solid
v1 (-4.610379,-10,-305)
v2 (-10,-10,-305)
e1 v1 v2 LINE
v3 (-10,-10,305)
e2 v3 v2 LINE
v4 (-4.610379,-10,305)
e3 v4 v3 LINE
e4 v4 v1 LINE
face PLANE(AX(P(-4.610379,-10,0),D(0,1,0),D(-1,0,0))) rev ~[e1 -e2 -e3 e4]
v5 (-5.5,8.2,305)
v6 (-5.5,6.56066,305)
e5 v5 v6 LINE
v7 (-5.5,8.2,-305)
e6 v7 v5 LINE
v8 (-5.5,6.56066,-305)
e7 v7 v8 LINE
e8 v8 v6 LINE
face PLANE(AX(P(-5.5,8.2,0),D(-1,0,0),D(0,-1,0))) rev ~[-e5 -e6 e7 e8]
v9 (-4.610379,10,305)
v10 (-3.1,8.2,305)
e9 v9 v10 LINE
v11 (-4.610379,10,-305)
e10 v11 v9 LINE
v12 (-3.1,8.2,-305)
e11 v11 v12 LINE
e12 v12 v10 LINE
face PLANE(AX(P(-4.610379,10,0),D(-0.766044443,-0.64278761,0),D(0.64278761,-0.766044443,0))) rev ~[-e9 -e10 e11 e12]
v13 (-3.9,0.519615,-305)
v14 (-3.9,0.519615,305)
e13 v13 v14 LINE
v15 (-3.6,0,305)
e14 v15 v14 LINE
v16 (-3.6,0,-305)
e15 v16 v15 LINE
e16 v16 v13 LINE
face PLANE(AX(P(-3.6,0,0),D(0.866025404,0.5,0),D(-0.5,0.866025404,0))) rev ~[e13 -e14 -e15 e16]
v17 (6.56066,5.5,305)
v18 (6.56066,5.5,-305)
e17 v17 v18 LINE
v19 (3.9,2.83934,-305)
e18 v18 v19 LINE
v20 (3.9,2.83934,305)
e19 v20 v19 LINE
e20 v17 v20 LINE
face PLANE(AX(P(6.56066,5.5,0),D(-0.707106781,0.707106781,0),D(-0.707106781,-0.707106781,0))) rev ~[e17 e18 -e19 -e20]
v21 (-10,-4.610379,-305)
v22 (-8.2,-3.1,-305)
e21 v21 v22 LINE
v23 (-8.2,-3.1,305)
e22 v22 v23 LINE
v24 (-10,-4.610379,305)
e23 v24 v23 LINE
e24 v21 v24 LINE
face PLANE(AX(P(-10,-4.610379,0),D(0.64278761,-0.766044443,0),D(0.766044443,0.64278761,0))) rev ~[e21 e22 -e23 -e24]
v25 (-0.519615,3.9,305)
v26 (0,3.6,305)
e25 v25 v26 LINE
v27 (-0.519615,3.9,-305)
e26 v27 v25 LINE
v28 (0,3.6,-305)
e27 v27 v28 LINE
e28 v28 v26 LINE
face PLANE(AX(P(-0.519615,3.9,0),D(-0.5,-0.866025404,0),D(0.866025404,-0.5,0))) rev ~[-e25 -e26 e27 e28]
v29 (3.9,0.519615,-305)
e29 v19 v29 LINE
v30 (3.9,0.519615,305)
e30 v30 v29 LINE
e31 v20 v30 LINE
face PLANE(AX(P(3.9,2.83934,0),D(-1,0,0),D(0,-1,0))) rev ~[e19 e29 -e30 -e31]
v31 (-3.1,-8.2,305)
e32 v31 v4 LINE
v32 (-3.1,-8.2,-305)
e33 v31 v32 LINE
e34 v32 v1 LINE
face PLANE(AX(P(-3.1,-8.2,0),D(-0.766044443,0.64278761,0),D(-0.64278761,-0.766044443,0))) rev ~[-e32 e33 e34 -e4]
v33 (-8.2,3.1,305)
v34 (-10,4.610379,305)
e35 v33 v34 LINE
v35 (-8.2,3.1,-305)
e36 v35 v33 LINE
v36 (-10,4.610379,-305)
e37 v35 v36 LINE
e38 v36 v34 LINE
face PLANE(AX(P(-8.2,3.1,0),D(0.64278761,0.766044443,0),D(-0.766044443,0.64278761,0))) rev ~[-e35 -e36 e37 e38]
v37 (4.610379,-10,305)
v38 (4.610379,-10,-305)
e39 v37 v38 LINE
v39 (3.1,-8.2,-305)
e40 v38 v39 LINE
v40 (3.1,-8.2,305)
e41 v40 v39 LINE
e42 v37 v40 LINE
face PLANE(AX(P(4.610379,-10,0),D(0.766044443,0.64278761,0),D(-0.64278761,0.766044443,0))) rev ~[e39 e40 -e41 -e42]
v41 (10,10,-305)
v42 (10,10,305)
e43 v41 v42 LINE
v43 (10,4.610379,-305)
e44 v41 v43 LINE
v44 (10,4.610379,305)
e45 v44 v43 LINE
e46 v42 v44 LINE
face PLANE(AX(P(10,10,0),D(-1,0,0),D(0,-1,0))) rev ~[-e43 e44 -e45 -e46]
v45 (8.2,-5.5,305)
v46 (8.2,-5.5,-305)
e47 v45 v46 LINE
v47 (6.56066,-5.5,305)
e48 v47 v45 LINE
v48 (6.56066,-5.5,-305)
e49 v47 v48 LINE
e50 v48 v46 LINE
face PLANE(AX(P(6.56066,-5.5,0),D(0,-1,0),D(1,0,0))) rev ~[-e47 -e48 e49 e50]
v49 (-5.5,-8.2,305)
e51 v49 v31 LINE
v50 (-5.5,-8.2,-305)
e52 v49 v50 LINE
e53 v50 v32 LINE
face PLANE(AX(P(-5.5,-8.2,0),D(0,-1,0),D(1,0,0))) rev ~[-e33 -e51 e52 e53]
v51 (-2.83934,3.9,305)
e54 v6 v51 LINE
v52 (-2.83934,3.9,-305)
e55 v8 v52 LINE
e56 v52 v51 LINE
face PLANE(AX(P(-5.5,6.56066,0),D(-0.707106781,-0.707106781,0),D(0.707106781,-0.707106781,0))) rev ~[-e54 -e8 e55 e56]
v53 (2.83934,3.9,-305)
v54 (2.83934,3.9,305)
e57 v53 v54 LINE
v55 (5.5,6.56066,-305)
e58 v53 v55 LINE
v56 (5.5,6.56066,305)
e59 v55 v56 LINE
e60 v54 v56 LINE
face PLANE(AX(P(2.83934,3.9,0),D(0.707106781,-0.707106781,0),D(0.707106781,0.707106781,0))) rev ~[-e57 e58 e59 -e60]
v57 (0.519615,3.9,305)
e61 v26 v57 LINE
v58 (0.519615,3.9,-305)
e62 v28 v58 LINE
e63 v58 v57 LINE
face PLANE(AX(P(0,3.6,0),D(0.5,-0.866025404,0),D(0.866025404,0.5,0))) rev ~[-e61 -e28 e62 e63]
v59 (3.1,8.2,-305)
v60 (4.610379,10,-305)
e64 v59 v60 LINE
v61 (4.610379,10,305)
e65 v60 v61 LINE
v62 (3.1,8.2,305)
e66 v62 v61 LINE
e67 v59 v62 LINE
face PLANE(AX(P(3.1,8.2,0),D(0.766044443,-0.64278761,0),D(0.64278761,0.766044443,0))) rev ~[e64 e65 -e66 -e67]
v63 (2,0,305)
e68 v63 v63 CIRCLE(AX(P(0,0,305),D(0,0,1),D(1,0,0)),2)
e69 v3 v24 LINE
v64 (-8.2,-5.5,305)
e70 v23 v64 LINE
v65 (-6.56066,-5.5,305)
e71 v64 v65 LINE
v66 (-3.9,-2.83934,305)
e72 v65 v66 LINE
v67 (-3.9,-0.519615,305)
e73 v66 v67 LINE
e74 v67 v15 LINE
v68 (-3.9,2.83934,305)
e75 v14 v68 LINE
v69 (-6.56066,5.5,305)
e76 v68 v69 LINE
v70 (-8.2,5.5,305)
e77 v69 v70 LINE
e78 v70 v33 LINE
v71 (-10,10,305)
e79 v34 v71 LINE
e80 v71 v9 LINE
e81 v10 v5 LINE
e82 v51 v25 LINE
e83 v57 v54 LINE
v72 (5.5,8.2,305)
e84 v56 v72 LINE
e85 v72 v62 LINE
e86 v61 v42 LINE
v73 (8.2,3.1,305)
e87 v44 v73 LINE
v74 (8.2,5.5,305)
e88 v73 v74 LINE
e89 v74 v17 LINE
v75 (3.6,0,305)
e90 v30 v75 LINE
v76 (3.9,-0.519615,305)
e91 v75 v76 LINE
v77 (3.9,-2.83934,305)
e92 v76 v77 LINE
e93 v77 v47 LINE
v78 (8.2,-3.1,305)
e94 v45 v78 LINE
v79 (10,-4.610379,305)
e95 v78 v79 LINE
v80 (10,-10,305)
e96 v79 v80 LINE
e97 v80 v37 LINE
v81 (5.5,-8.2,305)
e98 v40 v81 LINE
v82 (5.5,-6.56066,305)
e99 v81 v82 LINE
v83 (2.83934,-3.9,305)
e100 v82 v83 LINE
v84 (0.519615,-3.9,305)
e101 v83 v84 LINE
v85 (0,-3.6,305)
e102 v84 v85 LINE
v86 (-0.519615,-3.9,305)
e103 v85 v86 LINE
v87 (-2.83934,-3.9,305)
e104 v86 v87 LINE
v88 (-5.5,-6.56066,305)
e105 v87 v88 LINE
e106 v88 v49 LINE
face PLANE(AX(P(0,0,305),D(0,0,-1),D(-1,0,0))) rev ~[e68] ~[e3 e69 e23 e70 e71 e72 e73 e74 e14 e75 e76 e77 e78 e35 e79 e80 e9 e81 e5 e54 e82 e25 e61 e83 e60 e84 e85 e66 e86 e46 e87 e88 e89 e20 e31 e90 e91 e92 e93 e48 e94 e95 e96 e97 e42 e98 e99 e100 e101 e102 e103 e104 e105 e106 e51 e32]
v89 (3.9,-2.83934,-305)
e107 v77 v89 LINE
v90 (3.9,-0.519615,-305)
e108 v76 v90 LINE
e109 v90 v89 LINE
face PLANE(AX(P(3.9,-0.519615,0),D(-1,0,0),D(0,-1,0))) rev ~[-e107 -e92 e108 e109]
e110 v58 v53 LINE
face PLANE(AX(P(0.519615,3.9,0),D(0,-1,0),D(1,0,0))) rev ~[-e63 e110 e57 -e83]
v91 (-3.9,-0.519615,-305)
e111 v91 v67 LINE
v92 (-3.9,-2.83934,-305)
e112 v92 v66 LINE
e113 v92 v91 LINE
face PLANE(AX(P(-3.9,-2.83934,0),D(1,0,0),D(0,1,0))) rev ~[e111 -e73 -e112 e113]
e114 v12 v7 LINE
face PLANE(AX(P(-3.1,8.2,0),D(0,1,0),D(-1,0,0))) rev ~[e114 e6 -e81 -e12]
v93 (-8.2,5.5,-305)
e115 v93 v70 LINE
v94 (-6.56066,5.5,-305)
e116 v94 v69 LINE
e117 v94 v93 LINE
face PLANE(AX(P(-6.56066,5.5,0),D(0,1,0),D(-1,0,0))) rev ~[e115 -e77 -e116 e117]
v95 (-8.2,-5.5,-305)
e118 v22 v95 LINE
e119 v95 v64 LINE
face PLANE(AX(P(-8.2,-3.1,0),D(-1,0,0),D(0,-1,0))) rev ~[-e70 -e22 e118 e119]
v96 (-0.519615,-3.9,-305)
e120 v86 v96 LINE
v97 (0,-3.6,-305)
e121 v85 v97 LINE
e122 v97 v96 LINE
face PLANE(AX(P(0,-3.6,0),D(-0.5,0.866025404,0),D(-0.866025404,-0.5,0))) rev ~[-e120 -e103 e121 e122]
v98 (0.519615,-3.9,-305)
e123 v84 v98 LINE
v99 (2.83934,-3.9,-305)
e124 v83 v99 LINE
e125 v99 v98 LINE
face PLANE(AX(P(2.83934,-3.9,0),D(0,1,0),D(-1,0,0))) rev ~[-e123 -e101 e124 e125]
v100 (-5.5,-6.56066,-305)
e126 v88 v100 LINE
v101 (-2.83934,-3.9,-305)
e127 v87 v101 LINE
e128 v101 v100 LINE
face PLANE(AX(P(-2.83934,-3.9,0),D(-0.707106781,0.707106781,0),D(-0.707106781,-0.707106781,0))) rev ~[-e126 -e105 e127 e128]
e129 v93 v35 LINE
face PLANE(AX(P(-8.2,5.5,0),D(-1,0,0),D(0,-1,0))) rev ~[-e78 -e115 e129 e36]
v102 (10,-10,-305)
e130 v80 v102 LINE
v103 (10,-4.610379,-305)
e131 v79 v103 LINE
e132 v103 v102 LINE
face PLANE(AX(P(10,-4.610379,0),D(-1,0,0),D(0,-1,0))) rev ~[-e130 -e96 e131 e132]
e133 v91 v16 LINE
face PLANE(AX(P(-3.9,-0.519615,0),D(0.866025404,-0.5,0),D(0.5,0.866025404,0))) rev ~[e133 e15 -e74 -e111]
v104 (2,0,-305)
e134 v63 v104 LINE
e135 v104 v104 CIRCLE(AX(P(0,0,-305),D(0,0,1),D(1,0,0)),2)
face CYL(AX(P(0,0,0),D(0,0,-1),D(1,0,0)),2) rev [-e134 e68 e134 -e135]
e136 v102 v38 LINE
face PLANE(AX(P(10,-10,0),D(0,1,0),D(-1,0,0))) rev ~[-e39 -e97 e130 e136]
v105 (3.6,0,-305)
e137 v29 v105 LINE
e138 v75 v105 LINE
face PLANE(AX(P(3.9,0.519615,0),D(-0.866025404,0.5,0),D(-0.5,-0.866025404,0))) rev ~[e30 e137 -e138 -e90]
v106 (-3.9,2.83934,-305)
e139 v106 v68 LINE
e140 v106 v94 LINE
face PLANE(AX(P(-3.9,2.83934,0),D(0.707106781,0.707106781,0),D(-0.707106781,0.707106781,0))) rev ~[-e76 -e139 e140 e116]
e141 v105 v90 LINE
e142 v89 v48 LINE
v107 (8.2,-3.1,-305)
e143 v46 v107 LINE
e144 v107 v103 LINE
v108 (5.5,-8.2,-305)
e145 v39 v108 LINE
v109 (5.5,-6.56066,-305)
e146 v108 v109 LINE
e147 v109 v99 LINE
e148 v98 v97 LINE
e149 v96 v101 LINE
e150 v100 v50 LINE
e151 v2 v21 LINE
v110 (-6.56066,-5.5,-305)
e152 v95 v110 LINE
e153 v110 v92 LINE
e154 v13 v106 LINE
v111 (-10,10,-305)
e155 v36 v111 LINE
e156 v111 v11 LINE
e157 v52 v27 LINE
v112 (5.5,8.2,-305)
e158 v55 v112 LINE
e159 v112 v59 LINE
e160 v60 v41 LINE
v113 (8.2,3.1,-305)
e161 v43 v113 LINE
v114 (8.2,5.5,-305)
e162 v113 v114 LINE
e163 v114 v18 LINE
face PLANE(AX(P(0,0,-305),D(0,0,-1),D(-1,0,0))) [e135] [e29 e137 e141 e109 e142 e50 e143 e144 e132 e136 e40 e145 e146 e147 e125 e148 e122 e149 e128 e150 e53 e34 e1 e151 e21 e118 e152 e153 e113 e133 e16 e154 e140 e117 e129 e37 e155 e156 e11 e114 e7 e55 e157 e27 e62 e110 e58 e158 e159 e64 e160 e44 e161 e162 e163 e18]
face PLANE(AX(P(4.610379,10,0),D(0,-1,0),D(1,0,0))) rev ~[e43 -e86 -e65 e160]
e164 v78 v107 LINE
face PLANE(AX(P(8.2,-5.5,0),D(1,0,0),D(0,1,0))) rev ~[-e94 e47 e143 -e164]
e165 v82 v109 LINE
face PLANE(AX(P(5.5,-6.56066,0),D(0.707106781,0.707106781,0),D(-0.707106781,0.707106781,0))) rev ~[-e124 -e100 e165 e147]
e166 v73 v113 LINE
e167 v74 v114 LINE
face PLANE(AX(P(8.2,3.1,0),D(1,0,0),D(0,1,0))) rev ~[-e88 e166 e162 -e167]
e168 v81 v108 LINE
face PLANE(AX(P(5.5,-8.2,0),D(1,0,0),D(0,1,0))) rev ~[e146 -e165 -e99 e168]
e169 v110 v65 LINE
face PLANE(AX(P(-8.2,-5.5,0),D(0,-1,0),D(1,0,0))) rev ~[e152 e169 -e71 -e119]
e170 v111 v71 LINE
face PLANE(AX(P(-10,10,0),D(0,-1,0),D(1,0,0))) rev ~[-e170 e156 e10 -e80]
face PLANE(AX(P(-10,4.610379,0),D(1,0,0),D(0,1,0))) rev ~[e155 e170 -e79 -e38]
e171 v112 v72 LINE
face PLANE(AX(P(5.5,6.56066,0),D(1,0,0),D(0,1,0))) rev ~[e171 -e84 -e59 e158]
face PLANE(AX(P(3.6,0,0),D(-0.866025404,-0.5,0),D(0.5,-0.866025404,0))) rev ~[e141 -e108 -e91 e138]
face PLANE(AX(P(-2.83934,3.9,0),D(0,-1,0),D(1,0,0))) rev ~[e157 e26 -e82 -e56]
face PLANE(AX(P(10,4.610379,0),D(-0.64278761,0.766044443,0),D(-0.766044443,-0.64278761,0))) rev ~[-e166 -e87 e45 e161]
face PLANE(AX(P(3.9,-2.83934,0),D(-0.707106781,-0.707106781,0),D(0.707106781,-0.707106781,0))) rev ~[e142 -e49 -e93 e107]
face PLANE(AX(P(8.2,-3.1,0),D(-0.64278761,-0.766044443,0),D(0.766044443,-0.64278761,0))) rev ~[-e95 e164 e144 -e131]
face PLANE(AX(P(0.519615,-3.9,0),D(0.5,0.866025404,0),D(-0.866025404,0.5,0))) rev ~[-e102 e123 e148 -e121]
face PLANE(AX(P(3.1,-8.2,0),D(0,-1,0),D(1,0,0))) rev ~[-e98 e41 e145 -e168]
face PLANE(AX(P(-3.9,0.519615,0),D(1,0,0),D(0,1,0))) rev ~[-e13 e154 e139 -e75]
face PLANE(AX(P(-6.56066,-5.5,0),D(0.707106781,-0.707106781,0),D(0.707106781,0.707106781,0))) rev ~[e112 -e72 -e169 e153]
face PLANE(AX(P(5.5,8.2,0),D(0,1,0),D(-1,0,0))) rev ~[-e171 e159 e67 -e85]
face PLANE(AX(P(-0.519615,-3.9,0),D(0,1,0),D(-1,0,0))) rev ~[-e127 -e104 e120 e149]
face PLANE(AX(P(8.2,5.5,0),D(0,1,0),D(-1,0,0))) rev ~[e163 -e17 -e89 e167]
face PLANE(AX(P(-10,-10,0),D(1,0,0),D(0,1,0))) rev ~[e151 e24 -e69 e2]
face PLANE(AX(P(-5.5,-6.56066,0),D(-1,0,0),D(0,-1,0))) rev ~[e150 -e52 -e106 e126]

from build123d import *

# Parameters (mm, degrees)
SKETCH1_R           = 2
BOSS_EXTRUDE1_DEPTH = 305


with BuildPart() as part:
    # Sketch1 → Boss-Extrude1 (new body, symmetric)
    with BuildSketch(Plane.XY):
        Polygon((10, 10), (10, 4.610379336), (8.2, 3.1), (8.2, 5.5), (6.560660172, 5.5), (3.9, 2.839339828), (3.9, 0.519615242), (3.6, 0), (3.9, -0.519615242), (3.9, -2.839339828), (6.560660172, -5.5), (8.2, -5.5), (8.2, -3.1), (10, -4.610379336), (10, -10), (4.610379336, -10), (3.1, -8.2), (5.5, -8.2), (5.5, -6.560660172), (2.839339828, -3.9), (0.519615242, -3.9), (0, -3.6), (-0.519615242, -3.9), (-2.839339828, -3.9), (-5.5, -6.560660172), (-5.5, -8.2), (-3.1, -8.2), (-4.610379336, -10), (-10, -10), (-10, -4.610379336), (-8.2, -3.1), (-8.2, -5.5), (-6.560660172, -5.5), (-3.9, -2.839339828), (-3.9, -0.519615242), (-3.6, 0), (-3.9, 0.519615242), (-3.9, 2.839339828), (-6.560660172, 5.5), (-8.2, 5.5), (-8.2, 3.1), (-10, 4.610379336), (-10, 10), (-4.610379336, 10), (-3.1, 8.2), (-5.5, 8.2), (-5.5, 6.560660172), (-2.839339828, 3.9), (-0.519615242, 3.9), (0, 3.6), (0.519615242, 3.9), (2.839339828, 3.9), (5.5, 6.560660172), (5.5, 8.2), (3.1, 8.2), (4.610379336, 10), align=None)
        Circle(SKETCH1_R, mode=Mode.SUBTRACT)
    extrude(amount=BOSS_EXTRUDE1_DEPTH, both=True)


solid = part.part
